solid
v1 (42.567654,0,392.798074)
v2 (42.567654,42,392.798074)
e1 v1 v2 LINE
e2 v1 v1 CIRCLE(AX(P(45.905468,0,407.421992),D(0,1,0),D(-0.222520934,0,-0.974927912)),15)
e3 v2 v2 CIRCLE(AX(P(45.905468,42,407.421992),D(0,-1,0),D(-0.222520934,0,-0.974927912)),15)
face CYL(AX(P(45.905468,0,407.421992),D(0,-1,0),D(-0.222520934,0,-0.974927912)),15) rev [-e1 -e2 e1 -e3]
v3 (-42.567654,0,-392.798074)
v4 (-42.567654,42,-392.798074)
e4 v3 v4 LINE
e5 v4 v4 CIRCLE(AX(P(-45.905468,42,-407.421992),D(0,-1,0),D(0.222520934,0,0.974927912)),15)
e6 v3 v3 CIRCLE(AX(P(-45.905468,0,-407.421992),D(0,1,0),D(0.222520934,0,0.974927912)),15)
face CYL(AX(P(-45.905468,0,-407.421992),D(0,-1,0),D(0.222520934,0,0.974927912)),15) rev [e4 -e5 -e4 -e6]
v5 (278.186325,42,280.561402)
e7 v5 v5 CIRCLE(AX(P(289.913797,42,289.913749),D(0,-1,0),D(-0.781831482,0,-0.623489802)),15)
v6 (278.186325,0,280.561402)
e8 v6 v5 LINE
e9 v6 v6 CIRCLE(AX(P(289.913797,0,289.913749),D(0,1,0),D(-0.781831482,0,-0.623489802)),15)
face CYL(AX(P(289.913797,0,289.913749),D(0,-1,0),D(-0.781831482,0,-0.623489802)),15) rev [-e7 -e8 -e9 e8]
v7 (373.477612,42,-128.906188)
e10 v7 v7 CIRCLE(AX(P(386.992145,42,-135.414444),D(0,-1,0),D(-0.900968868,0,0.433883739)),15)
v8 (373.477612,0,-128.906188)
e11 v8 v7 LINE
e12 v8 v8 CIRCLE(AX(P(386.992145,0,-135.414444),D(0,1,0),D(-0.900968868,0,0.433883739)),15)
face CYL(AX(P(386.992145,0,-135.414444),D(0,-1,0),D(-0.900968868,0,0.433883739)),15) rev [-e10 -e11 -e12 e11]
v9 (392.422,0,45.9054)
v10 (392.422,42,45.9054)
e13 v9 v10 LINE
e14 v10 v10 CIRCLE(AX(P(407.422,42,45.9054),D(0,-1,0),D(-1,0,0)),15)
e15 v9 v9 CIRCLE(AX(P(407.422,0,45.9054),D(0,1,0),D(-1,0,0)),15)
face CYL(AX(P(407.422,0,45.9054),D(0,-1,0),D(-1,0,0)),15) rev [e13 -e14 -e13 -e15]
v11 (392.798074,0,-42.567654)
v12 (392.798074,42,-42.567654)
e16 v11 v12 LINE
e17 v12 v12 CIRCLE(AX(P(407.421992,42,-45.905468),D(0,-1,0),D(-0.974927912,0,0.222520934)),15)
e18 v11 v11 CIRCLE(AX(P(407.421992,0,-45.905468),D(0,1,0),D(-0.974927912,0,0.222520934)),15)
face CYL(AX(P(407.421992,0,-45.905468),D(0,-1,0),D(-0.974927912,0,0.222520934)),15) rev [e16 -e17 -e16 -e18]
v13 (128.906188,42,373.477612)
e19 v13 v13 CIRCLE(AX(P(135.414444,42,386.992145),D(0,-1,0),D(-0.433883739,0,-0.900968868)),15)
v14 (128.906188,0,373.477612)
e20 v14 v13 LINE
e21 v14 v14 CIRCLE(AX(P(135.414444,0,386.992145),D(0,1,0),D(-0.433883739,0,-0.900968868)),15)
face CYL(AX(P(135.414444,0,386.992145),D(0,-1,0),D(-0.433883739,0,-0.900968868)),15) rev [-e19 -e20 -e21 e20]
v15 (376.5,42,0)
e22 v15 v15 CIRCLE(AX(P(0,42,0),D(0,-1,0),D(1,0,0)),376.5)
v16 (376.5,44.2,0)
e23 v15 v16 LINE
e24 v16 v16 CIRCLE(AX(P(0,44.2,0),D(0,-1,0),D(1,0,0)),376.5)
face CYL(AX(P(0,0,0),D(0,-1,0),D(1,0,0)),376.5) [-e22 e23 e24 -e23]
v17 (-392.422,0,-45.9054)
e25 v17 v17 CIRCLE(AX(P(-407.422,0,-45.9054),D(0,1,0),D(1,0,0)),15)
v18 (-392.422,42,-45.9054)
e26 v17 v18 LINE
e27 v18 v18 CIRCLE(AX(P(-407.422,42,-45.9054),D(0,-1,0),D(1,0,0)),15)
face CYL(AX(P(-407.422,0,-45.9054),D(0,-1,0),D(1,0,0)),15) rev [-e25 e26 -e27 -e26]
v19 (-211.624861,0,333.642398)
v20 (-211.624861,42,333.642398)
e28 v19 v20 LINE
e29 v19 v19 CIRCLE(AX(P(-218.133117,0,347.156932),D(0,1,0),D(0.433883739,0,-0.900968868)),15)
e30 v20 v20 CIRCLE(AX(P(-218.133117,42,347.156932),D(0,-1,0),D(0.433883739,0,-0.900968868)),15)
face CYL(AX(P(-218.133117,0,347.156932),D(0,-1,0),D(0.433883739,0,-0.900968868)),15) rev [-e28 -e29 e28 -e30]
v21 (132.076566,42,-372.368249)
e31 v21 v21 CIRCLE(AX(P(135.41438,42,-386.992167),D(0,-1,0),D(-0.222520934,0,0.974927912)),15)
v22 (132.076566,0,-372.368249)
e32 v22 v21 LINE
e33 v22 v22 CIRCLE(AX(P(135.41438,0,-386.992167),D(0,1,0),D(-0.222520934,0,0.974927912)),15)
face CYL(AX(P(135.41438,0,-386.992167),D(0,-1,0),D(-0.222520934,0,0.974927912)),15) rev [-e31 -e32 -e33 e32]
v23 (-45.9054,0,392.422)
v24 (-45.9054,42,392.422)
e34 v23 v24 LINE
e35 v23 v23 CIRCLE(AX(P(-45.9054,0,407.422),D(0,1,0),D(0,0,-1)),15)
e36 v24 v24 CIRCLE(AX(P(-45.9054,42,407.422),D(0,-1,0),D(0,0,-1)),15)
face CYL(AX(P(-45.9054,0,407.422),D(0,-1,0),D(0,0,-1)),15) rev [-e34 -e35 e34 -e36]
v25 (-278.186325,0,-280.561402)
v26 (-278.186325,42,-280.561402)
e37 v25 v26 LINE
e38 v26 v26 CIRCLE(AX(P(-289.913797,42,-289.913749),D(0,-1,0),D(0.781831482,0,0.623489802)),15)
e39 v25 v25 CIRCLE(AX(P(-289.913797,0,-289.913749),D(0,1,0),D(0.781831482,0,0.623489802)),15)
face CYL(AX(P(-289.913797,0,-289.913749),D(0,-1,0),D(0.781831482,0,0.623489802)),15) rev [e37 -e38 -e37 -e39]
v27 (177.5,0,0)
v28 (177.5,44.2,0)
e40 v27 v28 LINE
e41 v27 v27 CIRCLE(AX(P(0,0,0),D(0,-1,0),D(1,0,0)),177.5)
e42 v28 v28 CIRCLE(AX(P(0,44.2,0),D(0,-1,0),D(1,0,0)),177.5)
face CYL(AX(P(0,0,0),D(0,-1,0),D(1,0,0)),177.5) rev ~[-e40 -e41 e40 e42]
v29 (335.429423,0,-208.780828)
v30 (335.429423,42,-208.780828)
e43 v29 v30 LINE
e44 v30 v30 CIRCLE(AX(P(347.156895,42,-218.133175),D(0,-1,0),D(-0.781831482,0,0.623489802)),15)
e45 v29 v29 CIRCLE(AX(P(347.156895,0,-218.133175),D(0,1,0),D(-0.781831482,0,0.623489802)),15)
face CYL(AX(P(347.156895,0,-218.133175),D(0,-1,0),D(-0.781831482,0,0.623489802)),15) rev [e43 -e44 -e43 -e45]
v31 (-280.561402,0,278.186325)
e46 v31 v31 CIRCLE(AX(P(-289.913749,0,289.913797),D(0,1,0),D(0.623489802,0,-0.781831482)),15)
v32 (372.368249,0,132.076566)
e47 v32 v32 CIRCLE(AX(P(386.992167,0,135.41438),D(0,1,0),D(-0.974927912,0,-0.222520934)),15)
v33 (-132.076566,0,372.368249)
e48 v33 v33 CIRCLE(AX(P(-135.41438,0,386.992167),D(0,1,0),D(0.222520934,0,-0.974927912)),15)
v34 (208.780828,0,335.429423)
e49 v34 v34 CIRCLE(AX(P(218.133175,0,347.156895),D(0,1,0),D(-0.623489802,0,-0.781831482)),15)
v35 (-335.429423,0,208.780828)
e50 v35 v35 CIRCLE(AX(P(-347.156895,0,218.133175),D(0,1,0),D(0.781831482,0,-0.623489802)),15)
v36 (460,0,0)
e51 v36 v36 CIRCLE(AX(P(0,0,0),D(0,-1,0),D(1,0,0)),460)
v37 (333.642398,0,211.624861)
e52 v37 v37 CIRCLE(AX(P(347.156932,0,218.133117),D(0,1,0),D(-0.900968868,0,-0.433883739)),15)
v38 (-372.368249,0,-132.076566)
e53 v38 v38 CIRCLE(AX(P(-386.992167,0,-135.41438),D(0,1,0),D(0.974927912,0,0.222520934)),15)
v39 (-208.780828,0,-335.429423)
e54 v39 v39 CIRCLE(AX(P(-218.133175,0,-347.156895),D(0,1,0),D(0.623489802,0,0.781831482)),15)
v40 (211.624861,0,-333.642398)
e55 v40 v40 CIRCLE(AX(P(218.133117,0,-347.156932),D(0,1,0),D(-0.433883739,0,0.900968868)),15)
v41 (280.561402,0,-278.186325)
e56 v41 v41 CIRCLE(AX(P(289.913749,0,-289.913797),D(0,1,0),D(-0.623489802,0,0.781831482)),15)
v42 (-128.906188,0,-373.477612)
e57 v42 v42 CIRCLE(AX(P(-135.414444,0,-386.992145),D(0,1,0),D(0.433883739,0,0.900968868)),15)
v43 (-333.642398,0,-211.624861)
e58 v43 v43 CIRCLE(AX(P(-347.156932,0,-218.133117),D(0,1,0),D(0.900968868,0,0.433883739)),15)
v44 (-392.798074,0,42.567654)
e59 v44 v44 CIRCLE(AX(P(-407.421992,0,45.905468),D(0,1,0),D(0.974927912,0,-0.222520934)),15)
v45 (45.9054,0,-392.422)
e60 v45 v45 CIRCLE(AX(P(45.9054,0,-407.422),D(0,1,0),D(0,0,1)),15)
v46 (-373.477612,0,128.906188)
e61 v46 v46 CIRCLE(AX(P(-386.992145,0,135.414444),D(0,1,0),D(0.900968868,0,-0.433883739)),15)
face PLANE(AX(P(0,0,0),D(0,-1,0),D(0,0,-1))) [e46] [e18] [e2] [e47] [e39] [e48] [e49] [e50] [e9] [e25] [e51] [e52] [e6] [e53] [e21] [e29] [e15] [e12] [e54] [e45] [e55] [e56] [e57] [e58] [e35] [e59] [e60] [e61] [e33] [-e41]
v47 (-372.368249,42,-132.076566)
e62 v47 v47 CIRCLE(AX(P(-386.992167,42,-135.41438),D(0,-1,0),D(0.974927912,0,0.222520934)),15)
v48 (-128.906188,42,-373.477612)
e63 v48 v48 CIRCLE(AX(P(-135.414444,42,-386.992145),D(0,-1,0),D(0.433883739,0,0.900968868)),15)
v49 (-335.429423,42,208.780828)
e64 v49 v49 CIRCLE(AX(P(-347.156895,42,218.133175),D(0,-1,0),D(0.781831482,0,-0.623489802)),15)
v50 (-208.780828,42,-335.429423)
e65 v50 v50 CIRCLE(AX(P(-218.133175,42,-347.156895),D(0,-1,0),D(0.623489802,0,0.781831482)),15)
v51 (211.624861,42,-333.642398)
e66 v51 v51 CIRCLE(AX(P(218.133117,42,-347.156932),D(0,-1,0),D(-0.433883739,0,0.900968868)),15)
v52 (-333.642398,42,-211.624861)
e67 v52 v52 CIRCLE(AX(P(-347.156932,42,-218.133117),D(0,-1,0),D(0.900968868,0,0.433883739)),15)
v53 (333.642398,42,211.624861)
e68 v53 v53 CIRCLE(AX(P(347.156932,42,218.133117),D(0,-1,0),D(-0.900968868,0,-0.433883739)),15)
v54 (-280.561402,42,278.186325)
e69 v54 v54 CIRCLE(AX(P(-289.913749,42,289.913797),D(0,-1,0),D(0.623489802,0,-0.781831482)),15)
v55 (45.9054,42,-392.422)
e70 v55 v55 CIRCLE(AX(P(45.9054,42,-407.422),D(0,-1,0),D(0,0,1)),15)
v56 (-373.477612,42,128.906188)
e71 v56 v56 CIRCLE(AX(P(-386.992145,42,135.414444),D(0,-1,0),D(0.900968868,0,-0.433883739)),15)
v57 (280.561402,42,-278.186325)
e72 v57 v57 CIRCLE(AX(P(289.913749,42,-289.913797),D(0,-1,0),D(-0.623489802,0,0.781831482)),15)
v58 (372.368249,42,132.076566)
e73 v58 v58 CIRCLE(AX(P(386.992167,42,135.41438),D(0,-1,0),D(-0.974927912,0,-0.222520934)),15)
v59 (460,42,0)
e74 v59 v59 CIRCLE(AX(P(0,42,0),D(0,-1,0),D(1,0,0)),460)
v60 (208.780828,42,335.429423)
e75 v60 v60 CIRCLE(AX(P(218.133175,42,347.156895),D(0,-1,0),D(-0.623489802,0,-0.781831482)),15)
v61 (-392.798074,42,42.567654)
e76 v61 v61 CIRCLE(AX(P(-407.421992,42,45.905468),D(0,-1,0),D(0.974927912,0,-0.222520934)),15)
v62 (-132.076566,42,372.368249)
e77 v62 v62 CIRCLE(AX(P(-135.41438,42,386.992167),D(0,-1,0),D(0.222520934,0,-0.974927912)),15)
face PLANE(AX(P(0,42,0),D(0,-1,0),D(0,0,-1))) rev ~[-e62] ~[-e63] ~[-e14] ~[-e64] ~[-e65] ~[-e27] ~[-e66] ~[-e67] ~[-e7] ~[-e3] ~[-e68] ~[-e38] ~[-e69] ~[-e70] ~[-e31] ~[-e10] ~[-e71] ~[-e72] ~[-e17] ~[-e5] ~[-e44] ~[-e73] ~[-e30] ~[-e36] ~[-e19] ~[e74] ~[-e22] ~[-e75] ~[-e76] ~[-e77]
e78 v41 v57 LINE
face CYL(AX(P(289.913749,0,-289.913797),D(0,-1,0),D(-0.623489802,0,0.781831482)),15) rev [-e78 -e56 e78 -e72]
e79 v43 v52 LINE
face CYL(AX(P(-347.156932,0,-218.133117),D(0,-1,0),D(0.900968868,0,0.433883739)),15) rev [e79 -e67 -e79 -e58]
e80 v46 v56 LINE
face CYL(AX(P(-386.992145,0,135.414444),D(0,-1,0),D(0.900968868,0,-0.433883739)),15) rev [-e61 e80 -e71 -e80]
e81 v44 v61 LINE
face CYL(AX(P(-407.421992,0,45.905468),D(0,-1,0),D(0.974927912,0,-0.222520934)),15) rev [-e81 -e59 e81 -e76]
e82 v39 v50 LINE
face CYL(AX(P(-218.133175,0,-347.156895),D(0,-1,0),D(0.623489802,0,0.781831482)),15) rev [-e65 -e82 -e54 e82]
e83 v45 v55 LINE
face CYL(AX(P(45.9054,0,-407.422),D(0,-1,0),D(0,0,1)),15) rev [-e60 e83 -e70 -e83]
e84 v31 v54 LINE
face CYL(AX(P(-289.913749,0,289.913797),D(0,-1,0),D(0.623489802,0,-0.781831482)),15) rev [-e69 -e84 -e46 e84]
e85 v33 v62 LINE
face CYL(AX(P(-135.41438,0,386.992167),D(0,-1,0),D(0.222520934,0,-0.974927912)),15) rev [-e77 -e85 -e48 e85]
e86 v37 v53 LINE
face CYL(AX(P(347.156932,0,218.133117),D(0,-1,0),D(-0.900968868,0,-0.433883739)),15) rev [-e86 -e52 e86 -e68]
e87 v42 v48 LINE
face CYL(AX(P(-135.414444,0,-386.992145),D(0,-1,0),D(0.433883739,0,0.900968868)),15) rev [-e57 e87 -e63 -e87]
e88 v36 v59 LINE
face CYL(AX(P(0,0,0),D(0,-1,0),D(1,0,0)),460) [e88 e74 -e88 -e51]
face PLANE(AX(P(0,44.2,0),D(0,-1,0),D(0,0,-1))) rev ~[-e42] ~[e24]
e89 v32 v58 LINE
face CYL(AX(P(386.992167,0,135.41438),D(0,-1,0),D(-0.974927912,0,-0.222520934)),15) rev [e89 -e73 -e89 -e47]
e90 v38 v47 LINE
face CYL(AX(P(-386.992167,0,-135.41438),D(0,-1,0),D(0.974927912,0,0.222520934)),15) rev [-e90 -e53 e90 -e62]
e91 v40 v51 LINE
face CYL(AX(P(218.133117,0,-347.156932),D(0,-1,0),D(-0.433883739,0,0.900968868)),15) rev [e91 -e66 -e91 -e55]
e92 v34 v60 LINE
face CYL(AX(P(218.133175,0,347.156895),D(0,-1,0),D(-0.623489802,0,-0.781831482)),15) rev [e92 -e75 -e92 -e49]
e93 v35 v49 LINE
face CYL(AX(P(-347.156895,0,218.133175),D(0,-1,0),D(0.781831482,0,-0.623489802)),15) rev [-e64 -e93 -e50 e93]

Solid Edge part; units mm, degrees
sketch "Sketch1" plane through (0, 0, 0) normal (0, -1, 0) x (1, 0, 0)
  circle A0 centre (0, 0) radius 376.5
  circle A1 centre (0, 0) radius 177.5
extrude "Protrusion1" add sketch "Sketch1" against normal blind 44.2
sketch "Sketch2" plane through (0, 0, 0) normal (0, -1, 0) x (1, 0, 0)
  circle A0 centre (0, 0) radius 460
  circle A1 centre (0, 0) radius 376.5
extrude "ProtrusiónExtruida_2" add sketch "Sketch2" against normal blind 42
hole "AGUJERO_30MM" at (-45.9054, 0, 407.422) direction (0, 1, 0) diameter 30 end up to next
pattern_circular "Pattern1" count 28 over 360 about axis through (0, 0, 0) along (0, 1, 0) of "AGUJERO_30MM"
